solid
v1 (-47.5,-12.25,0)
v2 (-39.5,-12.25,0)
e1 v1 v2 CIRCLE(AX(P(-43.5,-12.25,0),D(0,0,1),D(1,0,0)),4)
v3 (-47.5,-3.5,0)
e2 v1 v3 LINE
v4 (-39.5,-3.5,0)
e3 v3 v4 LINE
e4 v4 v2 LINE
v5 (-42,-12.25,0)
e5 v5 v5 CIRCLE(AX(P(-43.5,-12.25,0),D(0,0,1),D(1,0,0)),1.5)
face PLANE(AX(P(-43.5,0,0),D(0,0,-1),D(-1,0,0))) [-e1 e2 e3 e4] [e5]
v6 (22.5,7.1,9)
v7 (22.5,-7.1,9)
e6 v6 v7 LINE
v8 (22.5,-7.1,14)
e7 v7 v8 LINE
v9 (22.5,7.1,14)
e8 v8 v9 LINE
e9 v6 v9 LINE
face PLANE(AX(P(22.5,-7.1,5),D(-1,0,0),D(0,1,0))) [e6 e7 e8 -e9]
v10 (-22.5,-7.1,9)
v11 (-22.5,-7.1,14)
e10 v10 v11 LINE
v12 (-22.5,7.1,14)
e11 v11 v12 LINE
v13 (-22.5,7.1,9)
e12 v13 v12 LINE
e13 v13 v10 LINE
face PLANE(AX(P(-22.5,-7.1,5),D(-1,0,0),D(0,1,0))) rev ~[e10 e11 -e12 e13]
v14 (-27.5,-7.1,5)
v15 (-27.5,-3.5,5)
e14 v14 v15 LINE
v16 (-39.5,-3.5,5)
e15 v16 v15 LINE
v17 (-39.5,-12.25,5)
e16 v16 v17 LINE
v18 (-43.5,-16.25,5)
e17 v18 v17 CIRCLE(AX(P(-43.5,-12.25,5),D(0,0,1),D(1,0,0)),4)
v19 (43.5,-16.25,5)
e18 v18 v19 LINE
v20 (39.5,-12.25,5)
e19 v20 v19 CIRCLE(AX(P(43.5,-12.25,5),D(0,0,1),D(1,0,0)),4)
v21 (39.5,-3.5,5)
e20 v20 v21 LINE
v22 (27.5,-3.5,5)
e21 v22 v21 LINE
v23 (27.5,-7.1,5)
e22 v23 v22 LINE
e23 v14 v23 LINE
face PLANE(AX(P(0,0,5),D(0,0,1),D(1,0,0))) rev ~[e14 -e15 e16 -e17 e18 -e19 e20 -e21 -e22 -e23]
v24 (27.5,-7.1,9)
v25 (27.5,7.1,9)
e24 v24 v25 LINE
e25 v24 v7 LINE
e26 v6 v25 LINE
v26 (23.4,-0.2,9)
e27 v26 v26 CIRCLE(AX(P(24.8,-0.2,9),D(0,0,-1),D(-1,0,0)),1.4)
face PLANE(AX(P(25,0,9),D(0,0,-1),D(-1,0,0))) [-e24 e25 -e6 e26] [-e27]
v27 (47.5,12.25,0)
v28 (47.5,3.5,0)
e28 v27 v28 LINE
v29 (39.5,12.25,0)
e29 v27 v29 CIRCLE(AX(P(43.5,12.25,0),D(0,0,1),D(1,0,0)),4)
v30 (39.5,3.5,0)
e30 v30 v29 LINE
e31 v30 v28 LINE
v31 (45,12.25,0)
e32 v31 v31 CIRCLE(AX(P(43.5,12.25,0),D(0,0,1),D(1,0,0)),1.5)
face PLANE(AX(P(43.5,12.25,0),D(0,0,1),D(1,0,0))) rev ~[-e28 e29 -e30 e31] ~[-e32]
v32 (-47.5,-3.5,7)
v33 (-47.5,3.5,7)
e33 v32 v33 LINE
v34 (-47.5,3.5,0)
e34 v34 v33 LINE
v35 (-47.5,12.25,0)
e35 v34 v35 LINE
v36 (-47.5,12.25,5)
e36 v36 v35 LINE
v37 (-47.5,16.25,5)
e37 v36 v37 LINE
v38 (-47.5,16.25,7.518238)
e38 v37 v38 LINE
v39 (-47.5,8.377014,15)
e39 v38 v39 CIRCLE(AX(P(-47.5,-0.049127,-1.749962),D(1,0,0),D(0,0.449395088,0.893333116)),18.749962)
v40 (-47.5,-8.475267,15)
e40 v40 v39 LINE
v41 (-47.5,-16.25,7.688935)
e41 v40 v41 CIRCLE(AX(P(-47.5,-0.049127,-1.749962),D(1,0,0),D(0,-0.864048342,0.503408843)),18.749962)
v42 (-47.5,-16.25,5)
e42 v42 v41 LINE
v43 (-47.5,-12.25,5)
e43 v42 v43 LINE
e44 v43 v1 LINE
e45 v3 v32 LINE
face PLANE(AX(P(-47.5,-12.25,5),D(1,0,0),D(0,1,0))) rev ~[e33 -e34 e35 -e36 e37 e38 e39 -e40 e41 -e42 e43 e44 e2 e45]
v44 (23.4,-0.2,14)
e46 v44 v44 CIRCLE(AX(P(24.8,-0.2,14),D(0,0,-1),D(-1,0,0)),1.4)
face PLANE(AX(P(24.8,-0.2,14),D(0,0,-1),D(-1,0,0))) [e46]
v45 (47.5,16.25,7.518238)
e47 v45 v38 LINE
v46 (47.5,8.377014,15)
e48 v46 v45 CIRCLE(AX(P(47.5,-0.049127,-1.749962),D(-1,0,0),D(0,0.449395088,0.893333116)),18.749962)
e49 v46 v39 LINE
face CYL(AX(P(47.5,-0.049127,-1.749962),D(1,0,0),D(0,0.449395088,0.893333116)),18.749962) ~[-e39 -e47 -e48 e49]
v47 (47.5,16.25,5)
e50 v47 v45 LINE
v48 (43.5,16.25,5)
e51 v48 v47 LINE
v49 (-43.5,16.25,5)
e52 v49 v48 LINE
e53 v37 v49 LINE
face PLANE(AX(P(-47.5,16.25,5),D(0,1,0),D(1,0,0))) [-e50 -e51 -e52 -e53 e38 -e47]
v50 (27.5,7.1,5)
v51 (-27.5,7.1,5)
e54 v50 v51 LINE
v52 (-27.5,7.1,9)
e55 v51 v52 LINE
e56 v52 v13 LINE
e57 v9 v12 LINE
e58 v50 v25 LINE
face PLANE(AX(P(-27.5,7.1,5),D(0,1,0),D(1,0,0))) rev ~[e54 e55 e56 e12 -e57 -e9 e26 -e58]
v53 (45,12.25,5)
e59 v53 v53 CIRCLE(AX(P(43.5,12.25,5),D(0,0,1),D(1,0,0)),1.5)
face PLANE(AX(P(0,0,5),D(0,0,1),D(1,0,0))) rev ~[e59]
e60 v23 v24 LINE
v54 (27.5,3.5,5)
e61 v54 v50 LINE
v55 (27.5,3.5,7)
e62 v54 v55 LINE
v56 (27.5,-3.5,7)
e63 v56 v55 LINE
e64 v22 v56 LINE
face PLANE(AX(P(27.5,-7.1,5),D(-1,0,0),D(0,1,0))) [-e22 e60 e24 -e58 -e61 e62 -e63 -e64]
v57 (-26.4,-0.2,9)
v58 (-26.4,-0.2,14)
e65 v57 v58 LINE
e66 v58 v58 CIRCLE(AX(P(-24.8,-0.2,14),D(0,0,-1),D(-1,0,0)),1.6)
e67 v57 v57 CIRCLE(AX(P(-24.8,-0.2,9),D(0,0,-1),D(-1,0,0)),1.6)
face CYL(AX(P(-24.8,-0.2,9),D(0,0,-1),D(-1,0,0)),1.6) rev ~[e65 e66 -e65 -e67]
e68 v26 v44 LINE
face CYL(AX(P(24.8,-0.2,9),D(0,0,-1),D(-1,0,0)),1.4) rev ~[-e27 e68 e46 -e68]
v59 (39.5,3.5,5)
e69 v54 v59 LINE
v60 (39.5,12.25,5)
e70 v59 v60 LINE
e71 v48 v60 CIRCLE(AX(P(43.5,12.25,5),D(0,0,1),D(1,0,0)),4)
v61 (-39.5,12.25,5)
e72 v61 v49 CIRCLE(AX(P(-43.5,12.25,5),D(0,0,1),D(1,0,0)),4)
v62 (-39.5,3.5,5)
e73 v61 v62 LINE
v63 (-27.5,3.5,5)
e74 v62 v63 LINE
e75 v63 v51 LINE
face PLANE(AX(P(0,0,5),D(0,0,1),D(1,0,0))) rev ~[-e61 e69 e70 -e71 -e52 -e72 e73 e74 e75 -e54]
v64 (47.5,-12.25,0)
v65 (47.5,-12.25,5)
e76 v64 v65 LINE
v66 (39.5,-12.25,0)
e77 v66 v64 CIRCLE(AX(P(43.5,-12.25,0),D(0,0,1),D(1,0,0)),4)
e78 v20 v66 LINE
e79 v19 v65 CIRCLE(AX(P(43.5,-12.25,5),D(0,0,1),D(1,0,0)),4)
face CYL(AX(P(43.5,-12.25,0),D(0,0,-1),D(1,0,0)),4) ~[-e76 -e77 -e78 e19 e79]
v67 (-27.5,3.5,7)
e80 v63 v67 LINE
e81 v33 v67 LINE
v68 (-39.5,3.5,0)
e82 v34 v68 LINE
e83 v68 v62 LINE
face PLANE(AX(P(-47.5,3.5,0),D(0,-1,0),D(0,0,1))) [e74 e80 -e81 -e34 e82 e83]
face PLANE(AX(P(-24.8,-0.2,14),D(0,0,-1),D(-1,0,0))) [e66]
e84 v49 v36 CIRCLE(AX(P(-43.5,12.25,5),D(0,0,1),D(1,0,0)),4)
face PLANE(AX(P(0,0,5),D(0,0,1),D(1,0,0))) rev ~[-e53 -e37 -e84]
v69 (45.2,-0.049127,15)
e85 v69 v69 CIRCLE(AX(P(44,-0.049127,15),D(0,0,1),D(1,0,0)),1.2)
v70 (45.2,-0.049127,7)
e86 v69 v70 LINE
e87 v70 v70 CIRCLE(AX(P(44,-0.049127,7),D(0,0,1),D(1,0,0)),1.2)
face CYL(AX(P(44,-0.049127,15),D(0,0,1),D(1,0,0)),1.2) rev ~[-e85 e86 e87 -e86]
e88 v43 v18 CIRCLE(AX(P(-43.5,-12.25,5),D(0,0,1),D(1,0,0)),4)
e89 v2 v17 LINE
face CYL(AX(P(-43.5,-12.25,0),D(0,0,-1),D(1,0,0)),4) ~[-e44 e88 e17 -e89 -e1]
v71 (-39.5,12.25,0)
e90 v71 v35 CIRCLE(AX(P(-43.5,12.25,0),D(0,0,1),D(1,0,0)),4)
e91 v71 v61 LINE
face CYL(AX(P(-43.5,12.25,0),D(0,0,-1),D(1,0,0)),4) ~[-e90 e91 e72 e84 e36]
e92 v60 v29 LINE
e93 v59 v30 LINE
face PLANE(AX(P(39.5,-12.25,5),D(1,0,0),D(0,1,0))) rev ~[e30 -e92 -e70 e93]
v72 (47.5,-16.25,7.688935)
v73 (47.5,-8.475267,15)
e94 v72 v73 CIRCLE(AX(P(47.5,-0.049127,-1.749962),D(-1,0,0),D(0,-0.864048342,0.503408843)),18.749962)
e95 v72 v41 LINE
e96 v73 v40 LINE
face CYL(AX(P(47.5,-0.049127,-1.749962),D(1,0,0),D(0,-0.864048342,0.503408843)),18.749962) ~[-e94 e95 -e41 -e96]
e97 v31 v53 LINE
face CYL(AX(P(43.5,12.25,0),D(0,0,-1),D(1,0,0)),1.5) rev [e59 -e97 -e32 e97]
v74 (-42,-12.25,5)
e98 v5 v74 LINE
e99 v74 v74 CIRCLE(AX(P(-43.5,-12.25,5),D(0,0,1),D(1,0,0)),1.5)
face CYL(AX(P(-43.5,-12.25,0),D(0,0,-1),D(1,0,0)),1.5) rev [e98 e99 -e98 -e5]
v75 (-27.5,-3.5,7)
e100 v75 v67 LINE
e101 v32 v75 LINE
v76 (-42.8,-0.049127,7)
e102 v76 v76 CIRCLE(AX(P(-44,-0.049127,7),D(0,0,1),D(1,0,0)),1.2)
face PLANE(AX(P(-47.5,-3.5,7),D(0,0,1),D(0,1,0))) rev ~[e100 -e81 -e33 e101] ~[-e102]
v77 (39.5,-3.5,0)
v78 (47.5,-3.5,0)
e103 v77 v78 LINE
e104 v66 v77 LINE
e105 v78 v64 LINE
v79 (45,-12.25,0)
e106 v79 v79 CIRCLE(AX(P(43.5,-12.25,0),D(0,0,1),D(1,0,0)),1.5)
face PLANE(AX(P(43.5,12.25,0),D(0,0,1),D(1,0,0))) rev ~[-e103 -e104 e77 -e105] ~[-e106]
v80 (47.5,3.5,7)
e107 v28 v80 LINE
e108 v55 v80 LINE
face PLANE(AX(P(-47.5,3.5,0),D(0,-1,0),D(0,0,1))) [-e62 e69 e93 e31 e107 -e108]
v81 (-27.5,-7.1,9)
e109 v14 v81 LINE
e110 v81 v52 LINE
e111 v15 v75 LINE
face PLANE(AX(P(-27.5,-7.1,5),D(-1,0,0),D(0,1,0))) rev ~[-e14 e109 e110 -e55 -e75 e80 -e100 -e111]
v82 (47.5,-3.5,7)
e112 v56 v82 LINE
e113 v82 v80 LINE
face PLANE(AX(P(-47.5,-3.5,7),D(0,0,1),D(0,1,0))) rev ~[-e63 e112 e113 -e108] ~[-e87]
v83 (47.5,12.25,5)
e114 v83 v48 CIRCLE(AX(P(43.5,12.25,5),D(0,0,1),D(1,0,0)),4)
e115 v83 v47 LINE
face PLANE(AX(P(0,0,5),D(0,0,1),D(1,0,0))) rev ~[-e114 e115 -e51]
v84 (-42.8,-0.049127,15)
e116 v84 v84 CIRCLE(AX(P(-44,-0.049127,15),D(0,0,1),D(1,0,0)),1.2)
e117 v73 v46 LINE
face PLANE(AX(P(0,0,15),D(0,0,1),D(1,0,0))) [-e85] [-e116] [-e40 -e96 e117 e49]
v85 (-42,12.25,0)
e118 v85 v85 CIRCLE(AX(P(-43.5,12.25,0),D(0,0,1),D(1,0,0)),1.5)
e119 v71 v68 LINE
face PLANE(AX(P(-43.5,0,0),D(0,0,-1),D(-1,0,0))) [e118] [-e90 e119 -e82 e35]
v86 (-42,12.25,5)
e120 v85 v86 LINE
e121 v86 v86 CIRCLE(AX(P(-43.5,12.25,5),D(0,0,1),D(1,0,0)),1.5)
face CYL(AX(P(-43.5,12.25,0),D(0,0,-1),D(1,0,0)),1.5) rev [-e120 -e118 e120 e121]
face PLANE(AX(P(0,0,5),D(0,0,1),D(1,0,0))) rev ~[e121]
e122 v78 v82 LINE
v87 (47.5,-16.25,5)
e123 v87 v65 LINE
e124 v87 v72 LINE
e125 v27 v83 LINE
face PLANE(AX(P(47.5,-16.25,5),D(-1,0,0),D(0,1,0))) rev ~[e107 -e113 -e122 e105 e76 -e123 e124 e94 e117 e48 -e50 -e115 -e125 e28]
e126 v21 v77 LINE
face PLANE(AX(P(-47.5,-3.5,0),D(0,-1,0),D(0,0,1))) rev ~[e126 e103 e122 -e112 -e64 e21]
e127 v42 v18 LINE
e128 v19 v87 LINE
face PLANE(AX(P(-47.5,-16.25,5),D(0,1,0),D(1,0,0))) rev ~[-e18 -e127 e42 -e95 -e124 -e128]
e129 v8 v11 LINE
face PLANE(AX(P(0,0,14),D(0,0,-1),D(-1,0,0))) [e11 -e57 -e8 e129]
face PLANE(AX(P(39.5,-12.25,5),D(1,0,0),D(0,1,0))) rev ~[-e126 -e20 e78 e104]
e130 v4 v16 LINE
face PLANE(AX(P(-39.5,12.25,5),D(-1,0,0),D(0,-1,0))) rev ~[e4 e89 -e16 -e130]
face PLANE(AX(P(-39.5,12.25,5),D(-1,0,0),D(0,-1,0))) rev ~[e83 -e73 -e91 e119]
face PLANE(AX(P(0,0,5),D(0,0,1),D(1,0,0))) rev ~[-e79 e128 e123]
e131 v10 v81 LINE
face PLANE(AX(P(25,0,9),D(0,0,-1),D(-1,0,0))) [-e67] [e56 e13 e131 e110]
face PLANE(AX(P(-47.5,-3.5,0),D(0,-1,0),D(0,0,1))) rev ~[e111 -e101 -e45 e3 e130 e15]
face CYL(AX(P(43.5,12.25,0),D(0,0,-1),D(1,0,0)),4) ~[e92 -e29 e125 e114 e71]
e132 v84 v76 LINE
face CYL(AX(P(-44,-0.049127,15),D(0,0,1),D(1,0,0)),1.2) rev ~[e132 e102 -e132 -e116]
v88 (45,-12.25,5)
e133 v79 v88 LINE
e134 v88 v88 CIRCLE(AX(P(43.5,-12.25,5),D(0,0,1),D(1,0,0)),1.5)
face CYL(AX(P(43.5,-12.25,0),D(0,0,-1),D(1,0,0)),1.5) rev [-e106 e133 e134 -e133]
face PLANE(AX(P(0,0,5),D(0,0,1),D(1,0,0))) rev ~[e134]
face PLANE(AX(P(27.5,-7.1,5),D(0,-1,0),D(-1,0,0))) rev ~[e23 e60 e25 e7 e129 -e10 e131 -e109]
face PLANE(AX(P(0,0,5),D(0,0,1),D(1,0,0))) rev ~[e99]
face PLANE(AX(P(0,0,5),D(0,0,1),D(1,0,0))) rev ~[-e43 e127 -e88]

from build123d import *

# Parameters (mm, degrees)
SKETCH1_R             = 4
SKETCH1_R_2           = 1.5
BOSS_EXTRUDE1_DEPTH   = 5
BOSS_EXTRUDE1_2_DEPTH = 5
BOSS_EXTRUDE1_3_DEPTH = 5
BOSS_EXTRUDE1_4_DEPTH = 5
SKETCH2_W             = 95
SKETCH2_H             = 32.5
BOSS_EXTRUDE2_DEPTH   = 10
SKETCH3_W             = 45
SKETCH3_H             = 14.2
CUT_EXTRUDE1_DEPTH    = 9
SKETCH4_W             = 5
SKETCH4_H             = 14.2
SKETCH4_W_2           = 45
CUT_EXTRUDE2_DEPTH    = 4
SKETCH5_R             = 1.4
SKETCH5_R_2           = 1.6
CUT_EXTRUDE3_DEPTH    = 5
BOSS_EXTRUDE3_DEPTH   = 5
CUT_EXTRUDE5_DEPTH    = 96
SKETCH9_W             = 7
SKETCH9_H             = 7
CUT_EXTRUDE6_DEPTH    = 96
SKETCH10_R            = 1.2
CUT_EXTRUDE7_DEPTH    = 16


with BuildPart() as part:
    # Sketch1 → Boss-Extrude1 (new body)
    with BuildSketch(Plane.XY):
        with Locations((-43.5, -12.25)):
            Circle(SKETCH1_R)
        with Locations((-43.5, -12.25)):
            Circle(SKETCH1_R_2, mode=Mode.SUBTRACT)
    extrude(amount=BOSS_EXTRUDE1_DEPTH)



with BuildPart() as body_2:
    # Sketch1 → Boss-Extrude1 2 (new body)
    with BuildSketch(Plane.XY):
        with Locations((-43.5, 12.25)):
            Circle(SKETCH1_R)
        with Locations((-43.5, 12.25)):
            Circle(SKETCH1_R_2, mode=Mode.SUBTRACT)
    extrude(amount=BOSS_EXTRUDE1_2_DEPTH)


with BuildPart() as body_3:
    # Sketch1 → Boss-Extrude1 3 (new body)
    with BuildSketch(Plane.XY):
        with Locations((43.5, -12.25)):
            Circle(SKETCH1_R)
        with Locations((43.5, -12.25)):
            Circle(SKETCH1_R_2, mode=Mode.SUBTRACT)
    extrude(amount=BOSS_EXTRUDE1_3_DEPTH)


with BuildPart() as body_4:
    # Sketch1 → Boss-Extrude1 4 (new body)
    with BuildSketch(Plane.XY):
        with Locations((43.5, 12.25)):
            Circle(SKETCH1_R)
        with Locations((43.5, 12.25)):
            Circle(SKETCH1_R_2, mode=Mode.SUBTRACT)
    extrude(amount=BOSS_EXTRUDE1_4_DEPTH)


with BuildPart() as part_1:
    add(part.part)

    add(body_2.part)  # Boss-Extrude2 merges body 2

    add(body_3.part)  # Boss-Extrude2 merges body 3

    add(body_4.part)  # Boss-Extrude2 merges body 4
    # Sketch2 → Boss-Extrude2 (add)
    with BuildSketch(Plane.XY.offset(5)):
        Rectangle(SKETCH2_W, SKETCH2_H)
    extrude(amount=BOSS_EXTRUDE2_DEPTH)

    # Sketch3 → Cut-Extrude1 (cut)
    with BuildSketch(Plane(origin=(0, 0, 5), x_dir=(-1, 0, 0), z_dir=(0, 0, -1))):
        Rectangle(SKETCH3_W, SKETCH3_H)
    extrude(amount=-CUT_EXTRUDE1_DEPTH, mode=Mode.SUBTRACT)

    # Sketch4 → Cut-Extrude2 (cut)
    with BuildSketch(Plane(origin=(0, 0, 5), x_dir=(-1, 0, 0), z_dir=(0, 0, -1))):
        with Locations((-25, 0)):
            Rectangle(SKETCH4_W, SKETCH4_H)
        Rectangle(SKETCH4_W_2, SKETCH4_H)
        with Locations((25, 0)):
            Rectangle(SKETCH4_W, SKETCH4_H)
    extrude(amount=-CUT_EXTRUDE2_DEPTH, mode=Mode.SUBTRACT)

    # Sketch5 → Cut-Extrude3 (cut)
    with BuildSketch(Plane(origin=(0, 0, 9), x_dir=(-1, 0, 0), z_dir=(0, 0, -1))):
        with Locations((-24.8, -0.2)):
            Circle(SKETCH5_R)
        with Locations((24.8, -0.2)):
            Circle(SKETCH5_R_2)
    extrude(amount=-CUT_EXTRUDE3_DEPTH, mode=Mode.SUBTRACT)

    # Sketch6 → Boss-Extrude3 (add)
    with BuildSketch(Plane(origin=(0, 0, 5), x_dir=(-1, 0, 0), z_dir=(0, 0, -1))):
        with BuildLine():
            ThreePointArc((47.5, 12.25), (43.5, 8.25), (39.5, 12.25))
            Line((39.5, 12.25), (39.5, -12.25))
            ThreePointArc((39.5, -12.25), (43.5, -8.25), (47.5, -12.25))
            Line((47.5, -12.25), (47.5, 12.25))
        make_face()
        with BuildLine():
            ThreePointArc((-39.5, 12.25), (-43.5, 8.25), (-47.5, 12.25))
            Line((-47.5, 12.25), (-47.5, -12.25))
            ThreePointArc((-47.5, -12.25), (-43.5, -8.25), (-39.5, -12.25))
            Line((-39.5, -12.25), (-39.5, 12.25))
        make_face()
    extrude(amount=BOSS_EXTRUDE3_DEPTH)

    # Sketch8 → Cut-Extrude5 (cut, through all)
    with BuildSketch(Plane(origin=(47.5, 0, 0), x_dir=(0, 0, -1), z_dir=(1, 0, 0))):
        with BuildLine():
            ThreePointArc((-15, 8.377014021), (-11.841659381, 12.867099577), (-7.518238456, 16.25))
            Line((-7.518238456, 16.25), (-15, 16.25))
            Line((-15, 16.25), (-15, 8.377014021))
        make_face()
        with BuildLine():
            Line((-15, -16.25), (-7.688934819, -16.25))
            ThreePointArc((-7.688934819, -16.25), (-11.909309532, -12.893789895), (-15, -8.475267356))
            Line((-15, -8.475267356), (-15, -16.25))
        make_face()
    extrude(amount=-CUT_EXTRUDE5_DEPTH, mode=Mode.SUBTRACT)

    # Sketch9 → Cut-Extrude6 (cut, through all)
    with BuildSketch(Plane.ZY.offset(47.5)):
        with Locations((3.5, 0)):
            Rectangle(SKETCH9_W, SKETCH9_H)
    extrude(amount=-CUT_EXTRUDE6_DEPTH, mode=Mode.SUBTRACT)

    # Sketch10 → Cut-Extrude7 (cut, through all)
    with BuildSketch(Plane.XY.offset(15)):
        with Locations((-44, -0.049126667)):
            Circle(SKETCH10_R)
        with Locations((44, -0.049126667)):
            Circle(SKETCH10_R)
    extrude(amount=-CUT_EXTRUDE7_DEPTH, mode=Mode.SUBTRACT)


solid = part_1.part
